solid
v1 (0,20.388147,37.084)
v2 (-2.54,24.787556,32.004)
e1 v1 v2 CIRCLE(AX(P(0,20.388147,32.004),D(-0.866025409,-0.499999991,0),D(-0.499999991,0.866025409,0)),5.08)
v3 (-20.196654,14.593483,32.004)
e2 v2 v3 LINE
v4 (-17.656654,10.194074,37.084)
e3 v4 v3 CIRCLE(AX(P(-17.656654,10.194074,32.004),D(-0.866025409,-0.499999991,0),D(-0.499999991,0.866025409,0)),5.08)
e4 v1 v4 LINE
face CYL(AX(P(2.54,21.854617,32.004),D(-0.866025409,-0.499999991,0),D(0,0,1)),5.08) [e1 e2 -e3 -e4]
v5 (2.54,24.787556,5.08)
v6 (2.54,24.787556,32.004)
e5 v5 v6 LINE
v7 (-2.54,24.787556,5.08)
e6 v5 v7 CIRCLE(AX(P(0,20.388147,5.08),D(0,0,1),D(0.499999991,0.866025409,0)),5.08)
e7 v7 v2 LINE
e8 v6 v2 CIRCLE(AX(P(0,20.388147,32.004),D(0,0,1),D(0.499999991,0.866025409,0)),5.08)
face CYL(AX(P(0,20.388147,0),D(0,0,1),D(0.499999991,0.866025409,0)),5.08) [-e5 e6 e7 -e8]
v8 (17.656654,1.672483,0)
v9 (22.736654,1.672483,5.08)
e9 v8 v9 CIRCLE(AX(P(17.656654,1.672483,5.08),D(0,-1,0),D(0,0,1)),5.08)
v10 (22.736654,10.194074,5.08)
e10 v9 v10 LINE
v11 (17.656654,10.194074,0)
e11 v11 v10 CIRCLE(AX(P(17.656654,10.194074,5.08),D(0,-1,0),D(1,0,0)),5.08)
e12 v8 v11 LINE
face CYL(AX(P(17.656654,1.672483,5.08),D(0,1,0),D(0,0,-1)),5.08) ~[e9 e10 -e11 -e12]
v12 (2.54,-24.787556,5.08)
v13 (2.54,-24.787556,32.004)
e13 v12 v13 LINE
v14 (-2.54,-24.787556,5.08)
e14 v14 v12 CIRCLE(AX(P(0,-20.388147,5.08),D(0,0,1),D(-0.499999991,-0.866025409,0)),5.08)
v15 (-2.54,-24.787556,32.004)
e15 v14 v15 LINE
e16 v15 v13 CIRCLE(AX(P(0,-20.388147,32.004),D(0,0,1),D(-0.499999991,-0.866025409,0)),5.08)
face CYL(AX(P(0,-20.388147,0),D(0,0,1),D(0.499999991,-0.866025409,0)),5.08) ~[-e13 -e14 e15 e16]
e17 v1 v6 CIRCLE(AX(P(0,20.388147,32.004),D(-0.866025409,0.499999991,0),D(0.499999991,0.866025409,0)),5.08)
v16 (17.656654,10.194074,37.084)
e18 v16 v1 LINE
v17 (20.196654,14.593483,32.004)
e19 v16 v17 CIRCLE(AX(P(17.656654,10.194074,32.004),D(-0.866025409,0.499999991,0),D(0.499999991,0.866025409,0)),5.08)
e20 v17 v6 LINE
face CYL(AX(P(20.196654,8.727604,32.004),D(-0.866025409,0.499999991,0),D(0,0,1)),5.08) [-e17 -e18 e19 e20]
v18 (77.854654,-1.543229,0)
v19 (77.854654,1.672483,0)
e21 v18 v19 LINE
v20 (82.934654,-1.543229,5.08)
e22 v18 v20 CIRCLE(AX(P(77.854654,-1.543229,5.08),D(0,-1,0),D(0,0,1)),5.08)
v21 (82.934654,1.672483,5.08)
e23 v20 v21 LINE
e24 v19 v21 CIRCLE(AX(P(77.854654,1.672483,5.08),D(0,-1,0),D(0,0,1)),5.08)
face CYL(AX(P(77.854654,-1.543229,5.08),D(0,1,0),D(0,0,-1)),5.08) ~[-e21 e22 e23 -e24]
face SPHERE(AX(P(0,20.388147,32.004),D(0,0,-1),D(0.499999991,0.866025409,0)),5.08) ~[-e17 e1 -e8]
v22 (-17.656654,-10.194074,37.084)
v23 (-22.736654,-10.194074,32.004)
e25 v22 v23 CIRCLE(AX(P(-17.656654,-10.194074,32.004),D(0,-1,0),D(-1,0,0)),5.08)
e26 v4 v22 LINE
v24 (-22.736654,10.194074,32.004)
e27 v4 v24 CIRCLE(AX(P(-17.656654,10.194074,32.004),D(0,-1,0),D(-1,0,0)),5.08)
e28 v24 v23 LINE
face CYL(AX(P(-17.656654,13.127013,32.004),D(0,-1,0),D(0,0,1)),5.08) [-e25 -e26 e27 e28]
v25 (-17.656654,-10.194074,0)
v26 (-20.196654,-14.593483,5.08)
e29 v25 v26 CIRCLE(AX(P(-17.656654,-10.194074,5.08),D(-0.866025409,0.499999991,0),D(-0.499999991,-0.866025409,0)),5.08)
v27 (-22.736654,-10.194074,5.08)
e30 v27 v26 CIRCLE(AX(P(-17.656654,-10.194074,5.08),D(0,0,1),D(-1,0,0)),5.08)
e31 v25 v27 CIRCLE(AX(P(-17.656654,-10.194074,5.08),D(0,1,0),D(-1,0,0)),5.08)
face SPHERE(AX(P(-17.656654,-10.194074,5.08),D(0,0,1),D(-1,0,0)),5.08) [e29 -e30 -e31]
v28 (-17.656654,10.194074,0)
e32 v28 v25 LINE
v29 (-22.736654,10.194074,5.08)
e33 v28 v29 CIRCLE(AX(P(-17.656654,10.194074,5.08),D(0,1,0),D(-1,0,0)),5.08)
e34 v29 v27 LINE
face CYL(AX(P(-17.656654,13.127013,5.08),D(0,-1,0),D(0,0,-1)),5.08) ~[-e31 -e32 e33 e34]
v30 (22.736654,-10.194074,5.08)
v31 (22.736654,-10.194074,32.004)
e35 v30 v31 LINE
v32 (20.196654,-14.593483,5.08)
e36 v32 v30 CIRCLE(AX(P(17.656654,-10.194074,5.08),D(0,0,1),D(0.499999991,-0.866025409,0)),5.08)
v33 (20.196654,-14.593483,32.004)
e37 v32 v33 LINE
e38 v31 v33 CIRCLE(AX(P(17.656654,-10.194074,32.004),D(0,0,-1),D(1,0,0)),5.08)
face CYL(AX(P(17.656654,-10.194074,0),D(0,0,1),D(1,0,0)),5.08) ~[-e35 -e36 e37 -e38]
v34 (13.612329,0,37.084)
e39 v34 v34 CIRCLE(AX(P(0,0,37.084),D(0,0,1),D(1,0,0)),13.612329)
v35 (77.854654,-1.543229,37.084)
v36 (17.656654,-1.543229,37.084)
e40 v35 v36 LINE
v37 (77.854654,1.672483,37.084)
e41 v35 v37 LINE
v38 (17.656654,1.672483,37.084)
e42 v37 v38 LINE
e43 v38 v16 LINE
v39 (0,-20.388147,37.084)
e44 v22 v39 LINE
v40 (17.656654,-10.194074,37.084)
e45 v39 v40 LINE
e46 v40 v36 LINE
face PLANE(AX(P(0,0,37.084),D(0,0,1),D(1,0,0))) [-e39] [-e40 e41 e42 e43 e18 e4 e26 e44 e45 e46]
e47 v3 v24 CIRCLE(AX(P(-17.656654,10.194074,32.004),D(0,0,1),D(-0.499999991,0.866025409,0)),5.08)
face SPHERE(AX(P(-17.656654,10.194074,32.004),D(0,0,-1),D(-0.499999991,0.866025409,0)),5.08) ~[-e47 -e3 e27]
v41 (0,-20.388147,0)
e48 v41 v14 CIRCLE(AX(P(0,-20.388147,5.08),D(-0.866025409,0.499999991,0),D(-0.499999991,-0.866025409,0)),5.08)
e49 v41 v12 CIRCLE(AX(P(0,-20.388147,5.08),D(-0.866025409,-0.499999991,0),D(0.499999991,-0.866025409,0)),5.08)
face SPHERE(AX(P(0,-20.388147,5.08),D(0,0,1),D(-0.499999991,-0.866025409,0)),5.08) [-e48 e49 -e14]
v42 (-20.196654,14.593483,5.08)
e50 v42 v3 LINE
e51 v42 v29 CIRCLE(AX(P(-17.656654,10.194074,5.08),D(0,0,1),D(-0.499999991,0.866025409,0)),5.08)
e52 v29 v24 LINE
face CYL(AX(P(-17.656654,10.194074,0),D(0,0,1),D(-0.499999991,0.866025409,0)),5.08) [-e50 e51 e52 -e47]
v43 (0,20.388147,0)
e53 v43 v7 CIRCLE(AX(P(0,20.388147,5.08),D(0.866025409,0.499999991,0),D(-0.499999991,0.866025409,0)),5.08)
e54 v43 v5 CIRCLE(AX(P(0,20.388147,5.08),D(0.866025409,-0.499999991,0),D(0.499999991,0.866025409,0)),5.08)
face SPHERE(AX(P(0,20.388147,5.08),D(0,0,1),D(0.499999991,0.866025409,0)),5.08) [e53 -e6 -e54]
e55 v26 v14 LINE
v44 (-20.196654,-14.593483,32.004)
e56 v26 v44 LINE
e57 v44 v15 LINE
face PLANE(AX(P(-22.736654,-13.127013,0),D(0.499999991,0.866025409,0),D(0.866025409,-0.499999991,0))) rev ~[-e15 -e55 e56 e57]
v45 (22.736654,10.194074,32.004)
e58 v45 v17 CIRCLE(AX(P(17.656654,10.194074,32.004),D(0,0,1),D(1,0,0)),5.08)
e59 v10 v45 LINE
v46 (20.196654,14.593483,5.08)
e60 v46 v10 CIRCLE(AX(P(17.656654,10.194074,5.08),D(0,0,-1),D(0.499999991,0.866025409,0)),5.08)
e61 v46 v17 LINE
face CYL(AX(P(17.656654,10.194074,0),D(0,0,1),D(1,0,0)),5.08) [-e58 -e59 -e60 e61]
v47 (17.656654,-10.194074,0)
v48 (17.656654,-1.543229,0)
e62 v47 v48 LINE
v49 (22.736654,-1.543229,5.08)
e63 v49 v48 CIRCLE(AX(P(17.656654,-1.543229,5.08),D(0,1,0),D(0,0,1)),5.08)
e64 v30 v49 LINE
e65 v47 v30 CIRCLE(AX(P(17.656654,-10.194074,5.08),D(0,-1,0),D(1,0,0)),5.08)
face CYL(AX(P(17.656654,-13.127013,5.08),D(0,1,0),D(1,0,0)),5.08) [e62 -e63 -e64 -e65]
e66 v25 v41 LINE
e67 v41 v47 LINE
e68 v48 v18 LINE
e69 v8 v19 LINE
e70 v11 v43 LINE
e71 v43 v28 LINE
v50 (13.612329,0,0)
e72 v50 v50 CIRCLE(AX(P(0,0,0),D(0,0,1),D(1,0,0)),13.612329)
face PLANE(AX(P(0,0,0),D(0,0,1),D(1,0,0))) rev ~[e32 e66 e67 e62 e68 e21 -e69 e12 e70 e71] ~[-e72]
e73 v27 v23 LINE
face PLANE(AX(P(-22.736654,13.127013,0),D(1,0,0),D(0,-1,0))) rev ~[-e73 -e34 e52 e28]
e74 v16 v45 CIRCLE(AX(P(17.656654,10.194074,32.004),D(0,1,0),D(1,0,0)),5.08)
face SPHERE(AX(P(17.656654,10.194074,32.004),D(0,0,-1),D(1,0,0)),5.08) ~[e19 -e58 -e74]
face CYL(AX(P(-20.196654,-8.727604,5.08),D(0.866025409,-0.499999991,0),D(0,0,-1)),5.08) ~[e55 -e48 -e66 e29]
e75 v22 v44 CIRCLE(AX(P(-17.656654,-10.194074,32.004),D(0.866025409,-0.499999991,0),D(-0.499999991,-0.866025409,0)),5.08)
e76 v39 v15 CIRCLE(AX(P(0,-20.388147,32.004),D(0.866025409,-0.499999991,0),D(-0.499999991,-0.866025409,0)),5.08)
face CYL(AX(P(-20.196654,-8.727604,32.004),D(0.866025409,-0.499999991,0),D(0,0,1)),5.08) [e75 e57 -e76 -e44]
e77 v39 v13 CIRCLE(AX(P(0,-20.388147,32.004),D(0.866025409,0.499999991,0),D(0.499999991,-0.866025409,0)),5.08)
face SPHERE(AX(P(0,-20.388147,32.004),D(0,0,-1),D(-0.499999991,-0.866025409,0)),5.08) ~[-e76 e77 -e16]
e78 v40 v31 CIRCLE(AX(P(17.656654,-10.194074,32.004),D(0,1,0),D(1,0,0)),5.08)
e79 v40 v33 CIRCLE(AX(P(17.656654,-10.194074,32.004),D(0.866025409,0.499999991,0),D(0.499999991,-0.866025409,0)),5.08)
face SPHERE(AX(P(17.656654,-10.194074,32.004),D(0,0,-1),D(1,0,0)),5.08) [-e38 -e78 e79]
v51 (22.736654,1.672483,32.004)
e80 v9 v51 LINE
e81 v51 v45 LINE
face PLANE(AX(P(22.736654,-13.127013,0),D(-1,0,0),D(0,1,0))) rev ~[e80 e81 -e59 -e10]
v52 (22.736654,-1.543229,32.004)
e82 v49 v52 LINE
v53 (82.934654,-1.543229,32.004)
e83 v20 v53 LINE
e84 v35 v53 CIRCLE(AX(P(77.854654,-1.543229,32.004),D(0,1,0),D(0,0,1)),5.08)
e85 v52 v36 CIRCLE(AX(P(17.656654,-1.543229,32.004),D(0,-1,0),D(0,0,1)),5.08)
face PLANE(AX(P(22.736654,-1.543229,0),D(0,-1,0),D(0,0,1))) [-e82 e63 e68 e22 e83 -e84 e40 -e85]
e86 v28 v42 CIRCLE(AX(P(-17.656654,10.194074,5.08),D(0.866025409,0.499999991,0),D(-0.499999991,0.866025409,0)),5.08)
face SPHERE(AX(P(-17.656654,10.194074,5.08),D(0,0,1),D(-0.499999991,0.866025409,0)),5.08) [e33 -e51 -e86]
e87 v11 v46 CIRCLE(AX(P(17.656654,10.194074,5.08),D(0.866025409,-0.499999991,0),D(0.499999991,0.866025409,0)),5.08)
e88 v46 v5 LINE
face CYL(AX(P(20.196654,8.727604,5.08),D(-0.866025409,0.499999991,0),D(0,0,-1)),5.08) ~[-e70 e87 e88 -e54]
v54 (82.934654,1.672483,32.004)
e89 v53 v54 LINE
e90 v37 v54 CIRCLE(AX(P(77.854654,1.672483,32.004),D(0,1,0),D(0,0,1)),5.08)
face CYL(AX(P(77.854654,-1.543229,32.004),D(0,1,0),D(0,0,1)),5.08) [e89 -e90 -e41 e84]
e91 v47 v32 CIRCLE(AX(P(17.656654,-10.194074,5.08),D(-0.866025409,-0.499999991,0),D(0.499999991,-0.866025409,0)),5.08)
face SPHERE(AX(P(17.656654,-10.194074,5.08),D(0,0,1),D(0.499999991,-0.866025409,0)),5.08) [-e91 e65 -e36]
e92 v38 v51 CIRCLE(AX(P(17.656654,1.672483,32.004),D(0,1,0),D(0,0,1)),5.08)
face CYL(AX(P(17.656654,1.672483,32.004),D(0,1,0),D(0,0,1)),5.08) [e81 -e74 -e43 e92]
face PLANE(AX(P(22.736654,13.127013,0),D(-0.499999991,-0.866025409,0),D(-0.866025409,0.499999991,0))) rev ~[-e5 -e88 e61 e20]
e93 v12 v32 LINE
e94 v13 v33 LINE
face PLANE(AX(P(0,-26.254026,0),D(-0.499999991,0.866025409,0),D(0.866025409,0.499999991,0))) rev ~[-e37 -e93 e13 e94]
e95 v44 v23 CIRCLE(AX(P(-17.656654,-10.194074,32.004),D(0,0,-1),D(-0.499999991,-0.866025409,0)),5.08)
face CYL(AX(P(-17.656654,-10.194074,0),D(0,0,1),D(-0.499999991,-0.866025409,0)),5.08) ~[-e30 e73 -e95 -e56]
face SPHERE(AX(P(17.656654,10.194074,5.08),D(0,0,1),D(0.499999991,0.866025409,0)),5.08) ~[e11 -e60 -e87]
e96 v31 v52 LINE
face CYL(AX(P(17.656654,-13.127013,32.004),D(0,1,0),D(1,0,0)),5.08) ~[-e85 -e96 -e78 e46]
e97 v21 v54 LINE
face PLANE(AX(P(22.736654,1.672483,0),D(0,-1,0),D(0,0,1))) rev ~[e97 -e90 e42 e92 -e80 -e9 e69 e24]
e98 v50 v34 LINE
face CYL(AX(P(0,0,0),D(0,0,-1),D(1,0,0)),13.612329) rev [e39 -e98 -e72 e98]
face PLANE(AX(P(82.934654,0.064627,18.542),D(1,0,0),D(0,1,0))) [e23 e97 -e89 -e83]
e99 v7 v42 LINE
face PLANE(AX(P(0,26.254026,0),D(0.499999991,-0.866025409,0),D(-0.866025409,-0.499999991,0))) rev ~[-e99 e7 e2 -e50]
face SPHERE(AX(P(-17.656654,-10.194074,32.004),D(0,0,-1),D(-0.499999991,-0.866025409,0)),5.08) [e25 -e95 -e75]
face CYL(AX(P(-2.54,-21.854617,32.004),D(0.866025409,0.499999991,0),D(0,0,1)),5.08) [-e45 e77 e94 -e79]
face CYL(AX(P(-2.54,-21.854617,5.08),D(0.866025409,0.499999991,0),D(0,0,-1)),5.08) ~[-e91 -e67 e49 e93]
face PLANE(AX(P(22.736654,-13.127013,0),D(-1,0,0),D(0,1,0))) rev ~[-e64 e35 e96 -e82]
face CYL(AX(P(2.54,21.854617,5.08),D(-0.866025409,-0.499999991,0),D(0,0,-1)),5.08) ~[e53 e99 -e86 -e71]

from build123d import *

# Parameters (mm, degrees)
F0_R     = 13.612329
F1_DEPTH = 37.084
F2_W     = 3.215712
F2_H     = 37.084
F3_DEPTH = 60.198
F4_R     = 5.08


with BuildPart() as f1:
    # F0 (on Top) → F1 (new body)
    with BuildSketch(Plane.XY):
        Polygon((22.736654, -13.127013), (22.736654, 13.127013), (0, 26.254026), (-22.736654, 13.127013), (-22.736654, -13.127013), (0, -26.254026), align=None)
        Circle(F0_R, mode=Mode.SUBTRACT)
    extrude(amount=F1_DEPTH)

    # F2 (on face) → F3 (join)
    with BuildSketch(Plane.YZ.offset(22.736654)):
        with Locations((0.064627, 18.542)):
            Rectangle(F2_W, F2_H)
    extrude(amount=F3_DEPTH)

    # F4
    f4_edges = [f1.edges().sort_by_distance(p)[0] for p in [
        (-11.368327, -19.69052, 37.084),
        (22.736654, -7.335121, 37.084),
        (22.736654, 7.399748, 37.084),
        (11.368327, 19.69052, 37.084),
        (-11.368327, 19.69052, 37.084),
        (-22.736654, 0, 37.084),
        (11.368327, 19.69052, 0),
        (-11.368327, 19.69052, 0),
        (-22.736654, 0, 0),
        (-11.368327, -19.69052, 0),
        (11.368327, -19.69052, 0),
        (22.736654, -7.335121, 0),
        (22.736654, 7.399748, 0),
        (82.934654, 0.064627, 0),
        (82.934654, 0.064627, 37.084),
        (11.368327, -19.69052, 37.084),
        (-22.736654, 13.127013, 18.542),
        (22.736654, 13.127013, 18.542),
        (0, 26.254026, 18.542),
        (-22.736654, -13.127013, 18.542),
        (0, -26.254026, 18.542),
        (22.736654, -13.127013, 18.542),
    ]]
    fillet(f4_edges, radius=F4_R)


solid = f1.part
